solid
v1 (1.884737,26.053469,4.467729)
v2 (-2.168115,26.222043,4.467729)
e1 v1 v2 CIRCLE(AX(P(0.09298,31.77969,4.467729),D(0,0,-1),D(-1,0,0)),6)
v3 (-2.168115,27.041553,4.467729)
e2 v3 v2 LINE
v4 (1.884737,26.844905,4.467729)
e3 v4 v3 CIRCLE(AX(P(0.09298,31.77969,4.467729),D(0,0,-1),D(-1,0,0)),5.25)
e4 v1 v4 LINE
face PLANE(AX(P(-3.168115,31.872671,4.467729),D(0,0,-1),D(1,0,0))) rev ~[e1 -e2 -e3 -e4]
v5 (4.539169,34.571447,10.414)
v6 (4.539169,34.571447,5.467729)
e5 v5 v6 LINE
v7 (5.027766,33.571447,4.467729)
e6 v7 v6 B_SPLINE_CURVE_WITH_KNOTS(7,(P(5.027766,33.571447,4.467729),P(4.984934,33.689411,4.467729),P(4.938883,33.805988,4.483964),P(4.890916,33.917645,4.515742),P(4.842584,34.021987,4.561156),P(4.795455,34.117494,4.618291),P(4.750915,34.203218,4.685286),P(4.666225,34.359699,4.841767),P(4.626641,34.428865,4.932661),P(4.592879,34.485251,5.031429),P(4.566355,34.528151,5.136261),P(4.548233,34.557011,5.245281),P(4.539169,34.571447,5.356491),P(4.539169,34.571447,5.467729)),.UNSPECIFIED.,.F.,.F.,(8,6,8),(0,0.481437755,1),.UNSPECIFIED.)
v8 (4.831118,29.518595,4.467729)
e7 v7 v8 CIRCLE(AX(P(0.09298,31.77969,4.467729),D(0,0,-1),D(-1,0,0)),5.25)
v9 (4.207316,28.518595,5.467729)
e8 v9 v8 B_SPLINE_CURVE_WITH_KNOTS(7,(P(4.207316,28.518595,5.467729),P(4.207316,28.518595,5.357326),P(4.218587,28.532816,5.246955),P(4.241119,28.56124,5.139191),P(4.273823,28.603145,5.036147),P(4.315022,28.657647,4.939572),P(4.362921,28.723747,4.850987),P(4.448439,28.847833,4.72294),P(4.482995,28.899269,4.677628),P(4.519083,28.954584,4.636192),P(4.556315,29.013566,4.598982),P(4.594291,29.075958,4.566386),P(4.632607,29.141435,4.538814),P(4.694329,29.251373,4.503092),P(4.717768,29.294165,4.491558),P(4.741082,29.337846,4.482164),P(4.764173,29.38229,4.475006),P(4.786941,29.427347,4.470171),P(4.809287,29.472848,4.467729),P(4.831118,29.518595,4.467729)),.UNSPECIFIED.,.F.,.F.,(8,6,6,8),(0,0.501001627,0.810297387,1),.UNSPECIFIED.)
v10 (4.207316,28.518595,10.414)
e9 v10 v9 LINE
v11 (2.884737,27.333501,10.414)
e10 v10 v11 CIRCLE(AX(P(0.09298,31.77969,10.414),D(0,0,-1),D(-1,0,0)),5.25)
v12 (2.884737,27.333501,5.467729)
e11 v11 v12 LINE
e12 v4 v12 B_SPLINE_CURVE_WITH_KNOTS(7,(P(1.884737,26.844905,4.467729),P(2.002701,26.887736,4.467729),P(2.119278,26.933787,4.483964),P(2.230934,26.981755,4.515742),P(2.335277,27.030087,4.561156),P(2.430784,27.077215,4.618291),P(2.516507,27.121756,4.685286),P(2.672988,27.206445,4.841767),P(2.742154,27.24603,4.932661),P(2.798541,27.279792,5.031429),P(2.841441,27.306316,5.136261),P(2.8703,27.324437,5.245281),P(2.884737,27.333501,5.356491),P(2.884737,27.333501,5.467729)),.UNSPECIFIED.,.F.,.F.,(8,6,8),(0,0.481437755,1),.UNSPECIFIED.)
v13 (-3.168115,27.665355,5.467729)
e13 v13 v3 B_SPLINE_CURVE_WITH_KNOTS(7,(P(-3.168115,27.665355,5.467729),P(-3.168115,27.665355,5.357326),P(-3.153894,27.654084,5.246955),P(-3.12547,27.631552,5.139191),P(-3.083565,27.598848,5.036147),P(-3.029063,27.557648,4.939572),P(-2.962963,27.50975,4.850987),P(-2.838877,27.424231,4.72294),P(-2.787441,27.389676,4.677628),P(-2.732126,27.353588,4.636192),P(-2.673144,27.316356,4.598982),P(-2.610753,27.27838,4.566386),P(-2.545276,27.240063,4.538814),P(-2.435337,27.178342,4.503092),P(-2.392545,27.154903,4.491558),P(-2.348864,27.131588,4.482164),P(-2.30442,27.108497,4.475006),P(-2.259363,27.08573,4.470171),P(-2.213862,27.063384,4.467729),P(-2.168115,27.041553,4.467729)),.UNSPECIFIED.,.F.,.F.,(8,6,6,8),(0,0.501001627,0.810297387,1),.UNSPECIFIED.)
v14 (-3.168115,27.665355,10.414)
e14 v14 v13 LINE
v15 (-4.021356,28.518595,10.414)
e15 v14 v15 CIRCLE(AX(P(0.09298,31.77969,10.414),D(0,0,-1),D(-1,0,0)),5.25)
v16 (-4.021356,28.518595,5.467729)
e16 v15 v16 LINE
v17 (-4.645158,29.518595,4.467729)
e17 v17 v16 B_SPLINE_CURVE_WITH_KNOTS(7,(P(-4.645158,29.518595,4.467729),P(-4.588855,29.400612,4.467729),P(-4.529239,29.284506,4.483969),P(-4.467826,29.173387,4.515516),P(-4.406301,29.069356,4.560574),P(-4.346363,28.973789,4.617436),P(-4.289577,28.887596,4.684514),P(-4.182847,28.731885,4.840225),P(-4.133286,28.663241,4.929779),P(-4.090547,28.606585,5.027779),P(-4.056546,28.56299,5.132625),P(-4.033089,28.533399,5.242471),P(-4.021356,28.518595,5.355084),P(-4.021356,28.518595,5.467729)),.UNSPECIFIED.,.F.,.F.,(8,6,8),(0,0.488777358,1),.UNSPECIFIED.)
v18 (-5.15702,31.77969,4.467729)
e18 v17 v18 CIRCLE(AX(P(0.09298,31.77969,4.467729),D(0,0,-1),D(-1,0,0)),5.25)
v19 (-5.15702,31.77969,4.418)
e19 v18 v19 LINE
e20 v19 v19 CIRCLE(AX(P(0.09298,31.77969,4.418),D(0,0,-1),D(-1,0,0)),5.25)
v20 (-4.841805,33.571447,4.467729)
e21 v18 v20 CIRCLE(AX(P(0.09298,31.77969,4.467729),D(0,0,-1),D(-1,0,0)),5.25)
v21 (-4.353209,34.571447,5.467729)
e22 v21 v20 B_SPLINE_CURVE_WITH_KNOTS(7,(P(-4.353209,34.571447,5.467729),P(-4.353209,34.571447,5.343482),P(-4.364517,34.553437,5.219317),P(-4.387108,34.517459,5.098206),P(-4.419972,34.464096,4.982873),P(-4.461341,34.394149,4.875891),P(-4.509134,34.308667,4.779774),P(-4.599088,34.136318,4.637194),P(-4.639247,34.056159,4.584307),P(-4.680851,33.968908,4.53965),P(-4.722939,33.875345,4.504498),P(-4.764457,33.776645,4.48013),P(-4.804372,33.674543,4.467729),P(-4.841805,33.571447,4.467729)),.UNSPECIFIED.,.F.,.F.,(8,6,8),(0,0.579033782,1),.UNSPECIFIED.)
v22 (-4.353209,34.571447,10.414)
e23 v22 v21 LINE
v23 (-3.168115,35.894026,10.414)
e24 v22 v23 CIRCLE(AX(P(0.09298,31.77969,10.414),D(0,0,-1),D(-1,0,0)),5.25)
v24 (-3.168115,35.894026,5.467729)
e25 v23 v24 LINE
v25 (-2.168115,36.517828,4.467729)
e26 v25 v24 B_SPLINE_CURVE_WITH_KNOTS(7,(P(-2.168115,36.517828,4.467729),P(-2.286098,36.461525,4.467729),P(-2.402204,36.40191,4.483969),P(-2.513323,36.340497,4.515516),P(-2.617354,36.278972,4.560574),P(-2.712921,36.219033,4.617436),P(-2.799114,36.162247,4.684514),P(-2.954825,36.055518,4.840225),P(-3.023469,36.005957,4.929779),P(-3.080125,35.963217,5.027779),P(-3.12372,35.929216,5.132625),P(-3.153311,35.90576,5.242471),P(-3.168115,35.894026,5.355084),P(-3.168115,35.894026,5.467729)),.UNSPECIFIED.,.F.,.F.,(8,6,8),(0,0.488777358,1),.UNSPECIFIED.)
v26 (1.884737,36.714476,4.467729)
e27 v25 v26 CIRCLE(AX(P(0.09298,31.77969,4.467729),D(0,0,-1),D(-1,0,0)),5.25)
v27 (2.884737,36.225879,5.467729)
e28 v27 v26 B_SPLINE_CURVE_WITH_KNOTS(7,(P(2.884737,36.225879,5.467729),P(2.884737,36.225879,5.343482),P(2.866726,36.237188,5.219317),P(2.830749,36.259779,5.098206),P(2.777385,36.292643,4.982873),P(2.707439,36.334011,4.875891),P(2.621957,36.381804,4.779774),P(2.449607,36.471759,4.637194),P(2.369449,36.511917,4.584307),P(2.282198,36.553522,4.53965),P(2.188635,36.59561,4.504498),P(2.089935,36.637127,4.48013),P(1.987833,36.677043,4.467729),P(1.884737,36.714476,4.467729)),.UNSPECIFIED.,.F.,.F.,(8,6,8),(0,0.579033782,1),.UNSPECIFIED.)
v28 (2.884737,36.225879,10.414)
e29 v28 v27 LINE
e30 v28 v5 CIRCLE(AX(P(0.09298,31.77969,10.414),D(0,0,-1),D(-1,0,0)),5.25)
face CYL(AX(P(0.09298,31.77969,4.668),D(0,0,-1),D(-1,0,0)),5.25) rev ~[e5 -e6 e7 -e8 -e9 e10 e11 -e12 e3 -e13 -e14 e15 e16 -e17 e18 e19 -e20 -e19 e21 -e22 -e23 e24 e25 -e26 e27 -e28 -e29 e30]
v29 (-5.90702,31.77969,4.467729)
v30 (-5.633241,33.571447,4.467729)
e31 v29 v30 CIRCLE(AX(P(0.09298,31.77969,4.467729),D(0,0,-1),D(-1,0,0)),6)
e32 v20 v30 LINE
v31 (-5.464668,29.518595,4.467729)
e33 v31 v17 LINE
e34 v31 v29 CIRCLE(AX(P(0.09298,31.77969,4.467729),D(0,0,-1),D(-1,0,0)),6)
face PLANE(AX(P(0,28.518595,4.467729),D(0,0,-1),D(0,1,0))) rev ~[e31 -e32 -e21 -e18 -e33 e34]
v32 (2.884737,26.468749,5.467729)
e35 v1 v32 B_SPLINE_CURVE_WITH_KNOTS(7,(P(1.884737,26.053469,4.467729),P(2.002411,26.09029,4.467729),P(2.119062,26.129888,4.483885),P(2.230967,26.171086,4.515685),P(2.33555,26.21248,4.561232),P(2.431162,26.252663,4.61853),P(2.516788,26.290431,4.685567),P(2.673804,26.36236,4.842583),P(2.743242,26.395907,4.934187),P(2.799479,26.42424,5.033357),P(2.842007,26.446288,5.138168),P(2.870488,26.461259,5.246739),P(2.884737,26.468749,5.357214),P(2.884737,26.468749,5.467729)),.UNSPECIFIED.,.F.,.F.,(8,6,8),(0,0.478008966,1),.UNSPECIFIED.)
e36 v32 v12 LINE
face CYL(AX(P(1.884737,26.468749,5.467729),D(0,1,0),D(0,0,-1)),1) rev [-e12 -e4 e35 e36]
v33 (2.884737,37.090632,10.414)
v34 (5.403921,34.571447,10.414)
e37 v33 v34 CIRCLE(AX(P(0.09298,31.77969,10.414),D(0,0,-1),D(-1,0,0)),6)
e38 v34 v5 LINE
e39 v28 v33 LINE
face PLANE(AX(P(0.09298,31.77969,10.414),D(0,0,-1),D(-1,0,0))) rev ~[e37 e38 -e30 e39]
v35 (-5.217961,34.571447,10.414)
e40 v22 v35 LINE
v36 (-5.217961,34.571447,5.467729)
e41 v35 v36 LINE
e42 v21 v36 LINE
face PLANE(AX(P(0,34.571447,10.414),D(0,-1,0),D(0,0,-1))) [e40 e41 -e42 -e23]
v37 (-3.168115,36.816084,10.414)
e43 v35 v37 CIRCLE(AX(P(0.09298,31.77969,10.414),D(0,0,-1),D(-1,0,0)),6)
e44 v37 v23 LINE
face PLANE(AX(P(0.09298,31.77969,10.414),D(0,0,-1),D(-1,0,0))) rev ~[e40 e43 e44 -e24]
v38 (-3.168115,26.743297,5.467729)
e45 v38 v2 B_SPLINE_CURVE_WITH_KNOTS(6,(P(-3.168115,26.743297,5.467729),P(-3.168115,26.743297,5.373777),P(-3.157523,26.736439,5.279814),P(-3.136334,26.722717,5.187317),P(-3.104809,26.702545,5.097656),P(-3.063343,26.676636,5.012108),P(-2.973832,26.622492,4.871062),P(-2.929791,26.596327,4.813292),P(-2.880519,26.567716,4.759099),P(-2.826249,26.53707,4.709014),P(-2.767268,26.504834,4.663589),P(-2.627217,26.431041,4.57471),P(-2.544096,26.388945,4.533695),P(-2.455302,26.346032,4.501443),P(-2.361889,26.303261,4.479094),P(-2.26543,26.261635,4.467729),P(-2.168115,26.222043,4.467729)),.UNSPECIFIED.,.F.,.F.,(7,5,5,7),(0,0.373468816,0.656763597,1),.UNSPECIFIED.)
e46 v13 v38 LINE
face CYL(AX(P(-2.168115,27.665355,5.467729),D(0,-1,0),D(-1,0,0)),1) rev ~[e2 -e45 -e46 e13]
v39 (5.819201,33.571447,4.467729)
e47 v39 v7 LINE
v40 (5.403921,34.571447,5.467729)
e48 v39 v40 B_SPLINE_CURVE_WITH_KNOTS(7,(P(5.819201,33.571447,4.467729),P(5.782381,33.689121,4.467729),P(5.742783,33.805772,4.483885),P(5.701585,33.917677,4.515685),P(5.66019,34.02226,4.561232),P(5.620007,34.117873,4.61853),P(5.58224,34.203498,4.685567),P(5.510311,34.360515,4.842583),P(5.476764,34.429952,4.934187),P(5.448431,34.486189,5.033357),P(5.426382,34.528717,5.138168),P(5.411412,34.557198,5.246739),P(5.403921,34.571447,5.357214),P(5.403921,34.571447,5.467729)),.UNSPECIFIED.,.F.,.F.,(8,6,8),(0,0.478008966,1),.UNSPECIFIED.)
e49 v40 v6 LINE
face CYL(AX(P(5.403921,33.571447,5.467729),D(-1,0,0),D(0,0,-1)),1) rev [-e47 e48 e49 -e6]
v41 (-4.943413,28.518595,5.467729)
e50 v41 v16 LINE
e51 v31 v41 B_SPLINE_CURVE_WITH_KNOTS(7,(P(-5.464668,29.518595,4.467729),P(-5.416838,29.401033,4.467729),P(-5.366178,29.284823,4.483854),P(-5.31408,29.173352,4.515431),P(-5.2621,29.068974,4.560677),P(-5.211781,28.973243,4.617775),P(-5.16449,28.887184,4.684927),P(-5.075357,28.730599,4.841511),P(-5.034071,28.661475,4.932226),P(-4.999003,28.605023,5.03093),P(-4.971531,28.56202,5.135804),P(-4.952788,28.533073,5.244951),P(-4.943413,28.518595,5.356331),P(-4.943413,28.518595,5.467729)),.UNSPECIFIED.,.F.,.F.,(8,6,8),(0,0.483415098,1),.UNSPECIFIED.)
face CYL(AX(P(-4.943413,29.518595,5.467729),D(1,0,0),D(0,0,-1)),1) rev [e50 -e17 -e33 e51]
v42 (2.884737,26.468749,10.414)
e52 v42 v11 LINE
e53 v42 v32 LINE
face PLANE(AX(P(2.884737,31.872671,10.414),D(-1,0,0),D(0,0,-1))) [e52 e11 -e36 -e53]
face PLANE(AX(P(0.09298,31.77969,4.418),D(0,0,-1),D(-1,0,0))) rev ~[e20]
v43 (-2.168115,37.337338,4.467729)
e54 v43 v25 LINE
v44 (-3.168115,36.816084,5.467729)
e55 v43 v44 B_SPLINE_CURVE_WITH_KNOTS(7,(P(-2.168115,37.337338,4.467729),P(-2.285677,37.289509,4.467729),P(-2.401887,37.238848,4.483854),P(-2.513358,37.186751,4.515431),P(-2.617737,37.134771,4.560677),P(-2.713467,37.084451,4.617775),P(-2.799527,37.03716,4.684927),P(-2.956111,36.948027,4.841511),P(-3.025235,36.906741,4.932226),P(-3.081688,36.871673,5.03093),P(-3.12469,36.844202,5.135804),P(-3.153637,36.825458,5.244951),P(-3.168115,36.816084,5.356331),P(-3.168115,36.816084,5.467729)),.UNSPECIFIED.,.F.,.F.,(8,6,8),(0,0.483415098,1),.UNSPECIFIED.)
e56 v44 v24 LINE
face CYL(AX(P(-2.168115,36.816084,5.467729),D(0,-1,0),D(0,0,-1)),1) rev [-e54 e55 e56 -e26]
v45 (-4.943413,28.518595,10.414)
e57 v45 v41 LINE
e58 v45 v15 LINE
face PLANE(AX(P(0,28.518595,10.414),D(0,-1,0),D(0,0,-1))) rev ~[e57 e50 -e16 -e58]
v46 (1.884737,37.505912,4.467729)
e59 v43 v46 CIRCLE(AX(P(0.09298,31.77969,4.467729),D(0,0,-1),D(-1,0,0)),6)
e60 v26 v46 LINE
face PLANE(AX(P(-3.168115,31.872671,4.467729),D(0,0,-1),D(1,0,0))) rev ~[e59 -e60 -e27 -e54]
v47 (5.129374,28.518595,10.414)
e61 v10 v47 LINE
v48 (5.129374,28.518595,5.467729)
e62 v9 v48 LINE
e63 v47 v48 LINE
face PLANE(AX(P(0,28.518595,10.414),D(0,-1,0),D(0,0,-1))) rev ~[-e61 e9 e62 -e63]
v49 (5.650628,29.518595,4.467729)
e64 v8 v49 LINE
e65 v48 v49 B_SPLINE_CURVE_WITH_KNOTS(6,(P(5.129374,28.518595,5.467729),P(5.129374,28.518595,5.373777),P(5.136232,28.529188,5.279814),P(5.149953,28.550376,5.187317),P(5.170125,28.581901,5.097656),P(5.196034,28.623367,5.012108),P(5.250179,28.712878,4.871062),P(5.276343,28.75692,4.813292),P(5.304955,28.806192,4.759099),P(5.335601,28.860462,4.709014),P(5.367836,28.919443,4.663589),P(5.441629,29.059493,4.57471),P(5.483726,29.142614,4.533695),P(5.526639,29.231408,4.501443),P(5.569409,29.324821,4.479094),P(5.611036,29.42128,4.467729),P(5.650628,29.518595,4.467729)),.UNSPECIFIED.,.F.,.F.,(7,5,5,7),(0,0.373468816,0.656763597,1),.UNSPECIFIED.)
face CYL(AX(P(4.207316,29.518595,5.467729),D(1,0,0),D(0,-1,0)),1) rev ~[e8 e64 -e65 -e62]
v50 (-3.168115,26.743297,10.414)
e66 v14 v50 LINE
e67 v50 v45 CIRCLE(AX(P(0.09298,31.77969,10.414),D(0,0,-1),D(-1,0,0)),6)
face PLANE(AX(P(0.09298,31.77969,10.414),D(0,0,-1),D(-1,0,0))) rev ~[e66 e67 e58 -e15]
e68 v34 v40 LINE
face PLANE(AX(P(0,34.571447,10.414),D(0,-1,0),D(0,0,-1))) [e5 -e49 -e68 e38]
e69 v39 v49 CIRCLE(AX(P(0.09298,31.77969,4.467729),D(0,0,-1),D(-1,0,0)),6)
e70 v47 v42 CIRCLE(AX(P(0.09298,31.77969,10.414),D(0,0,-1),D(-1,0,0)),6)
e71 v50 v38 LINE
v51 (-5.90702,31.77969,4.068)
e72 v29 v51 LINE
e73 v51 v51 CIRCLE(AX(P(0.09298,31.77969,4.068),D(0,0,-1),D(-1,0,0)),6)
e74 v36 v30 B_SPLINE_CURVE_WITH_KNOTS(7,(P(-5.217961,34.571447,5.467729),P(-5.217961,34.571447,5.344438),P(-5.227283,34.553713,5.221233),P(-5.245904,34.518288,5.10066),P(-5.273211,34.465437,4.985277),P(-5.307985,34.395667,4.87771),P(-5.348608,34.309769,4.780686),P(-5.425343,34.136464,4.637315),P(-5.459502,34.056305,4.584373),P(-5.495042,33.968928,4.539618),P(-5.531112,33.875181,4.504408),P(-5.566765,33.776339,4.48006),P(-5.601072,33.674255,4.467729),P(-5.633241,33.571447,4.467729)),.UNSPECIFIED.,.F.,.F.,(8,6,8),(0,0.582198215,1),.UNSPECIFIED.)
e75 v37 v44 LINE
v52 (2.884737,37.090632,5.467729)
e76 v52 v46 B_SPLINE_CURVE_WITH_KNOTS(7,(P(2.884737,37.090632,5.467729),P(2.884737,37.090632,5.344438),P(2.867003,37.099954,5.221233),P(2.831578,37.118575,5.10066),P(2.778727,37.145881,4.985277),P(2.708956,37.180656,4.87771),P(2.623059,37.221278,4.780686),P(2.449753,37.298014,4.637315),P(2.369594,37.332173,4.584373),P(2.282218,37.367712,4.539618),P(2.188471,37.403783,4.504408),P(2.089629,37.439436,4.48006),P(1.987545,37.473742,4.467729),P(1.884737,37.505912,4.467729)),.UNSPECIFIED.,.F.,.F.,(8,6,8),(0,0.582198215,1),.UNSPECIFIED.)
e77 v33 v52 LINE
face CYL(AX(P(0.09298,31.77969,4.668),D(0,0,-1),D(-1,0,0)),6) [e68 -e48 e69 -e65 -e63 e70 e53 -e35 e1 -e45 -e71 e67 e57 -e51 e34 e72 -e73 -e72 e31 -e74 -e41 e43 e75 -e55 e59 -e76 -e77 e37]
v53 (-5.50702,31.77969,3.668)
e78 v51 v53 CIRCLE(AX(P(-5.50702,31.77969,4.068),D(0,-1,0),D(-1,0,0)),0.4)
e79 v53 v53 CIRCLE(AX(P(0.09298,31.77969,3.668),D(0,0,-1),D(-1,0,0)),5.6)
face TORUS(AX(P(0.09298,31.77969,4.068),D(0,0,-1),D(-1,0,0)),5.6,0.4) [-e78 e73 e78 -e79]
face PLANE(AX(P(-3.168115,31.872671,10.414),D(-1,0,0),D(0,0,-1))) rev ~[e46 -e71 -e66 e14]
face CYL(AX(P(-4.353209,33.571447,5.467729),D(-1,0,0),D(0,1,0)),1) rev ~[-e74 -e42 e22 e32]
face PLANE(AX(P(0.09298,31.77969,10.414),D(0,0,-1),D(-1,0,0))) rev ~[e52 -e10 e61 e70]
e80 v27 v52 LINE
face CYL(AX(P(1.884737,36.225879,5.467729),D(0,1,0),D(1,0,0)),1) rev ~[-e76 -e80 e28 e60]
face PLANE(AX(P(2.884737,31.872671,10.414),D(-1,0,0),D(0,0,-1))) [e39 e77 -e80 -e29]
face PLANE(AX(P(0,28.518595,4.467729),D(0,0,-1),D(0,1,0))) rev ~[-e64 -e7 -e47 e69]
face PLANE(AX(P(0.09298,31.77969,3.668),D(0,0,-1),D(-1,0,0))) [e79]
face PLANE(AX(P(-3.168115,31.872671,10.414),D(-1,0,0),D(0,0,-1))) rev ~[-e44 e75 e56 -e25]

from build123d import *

# Parameters (mm, degrees)
SKETCH2_R                = 6
BOSS_EXTRUDE1_DEPTH      = 1
BOSS_EXTRUDE1_DEPTH_BACK = 5.746
SHELL1_T                 = -0.75
SKETCH3_W                = 5.946271115
SKETCH3_H                = 6.052851553
CUT_EXTRUDE1_DEPTH       = 40.659561396
FILLET1_R                = 1
CIRPATTERN1_COUNT        = 2
CIRPATTERN1_ANGLE        = 90
FILLET1_OF_CIRPATTERN1_R = 1
FILLET2_R                = 0.4


with BuildPart() as part:
    # Sketch2 → Boss-Extrude1 (new, two sides)
    with BuildSketch(Plane(origin=(0, 0, 4.668), x_dir=(-1, 0, 0), z_dir=(0, 0, -1))) as boss_extrude1_sk:
        with Locations((-0.092980153, 31.779690403)):
            Circle(SKETCH2_R)
    extrude(amount=BOSS_EXTRUDE1_DEPTH)
    extrude(boss_extrude1_sk.sketch, amount=-BOSS_EXTRUDE1_DEPTH_BACK)

    # Shell1
    shell1_openings = [part.faces().sort_by_distance(p)[0] for p in [
        (0.092980153, 31.779690403, 10.414),
    ]]
    offset(amount=SHELL1_T, openings=shell1_openings, kind=Kind.INTERSECTION)

    # Sketch3 → Cut-Extrude1 (cut, symmetric)
    with BuildSketch(Plane(origin=(0, 0, 0), x_dir=(0, 0, -1), z_dir=(1, 0, 0))):
        with Locations((-7.440864443, 31.545021025)):
            Rectangle(SKETCH3_W, SKETCH3_H)
    cut_extrude1 = extrude(amount=CUT_EXTRUDE1_DEPTH, both=True, mode=Mode.SUBTRACT)

    # Fillet1
    fillet1_edges = [part.edges().sort_by_distance(p)[0] for p in [
        (4.97154522, 34.571446801, 4.467728885),
        (-4.785584914, 34.571446801, 4.467728885),
        (4.668344707, 28.518595248, 4.467728885),
        (-4.482384401, 28.518595248, 4.467728885),
    ]]
    fillet(fillet1_edges, radius=FILLET1_R)

    # CirPattern1: Cut-Extrude1 ×2 about axis
    cirpattern1_axis = Axis((0.092980153, 31.779690403, 10.414), (0, 0, -1))
    for i in range(1, CIRPATTERN1_COUNT):
        add(cut_extrude1.rotate(cirpattern1_axis, i * CIRPATTERN1_ANGLE / (CIRPATTERN1_COUNT - 1)), mode=Mode.SUBTRACT)

    # Fillet1 of CirPattern1
    fillet1_of_cirpattern1_edges = [part.edges().sort_by_distance(p)[0] for p in [
        (2.884736551, 26.901125336, 4.467728885),
        (2.884736551, 36.65825547, 4.467728885),
        (-3.168115002, 27.204325849, 4.467728885),
        (-3.168115002, 36.355054957, 4.467728885),
    ]]
    fillet(fillet1_of_cirpattern1_edges, radius=FILLET1_OF_CIRPATTERN1_R)

    # Fillet2
    fillet2_edges = [part.edges().sort_by_distance(p)[0] for p in [
        (6.092980153, 31.779690403, 3.668),
    ]]
    fillet(fillet2_edges, radius=FILLET2_R)


solid = part.part
